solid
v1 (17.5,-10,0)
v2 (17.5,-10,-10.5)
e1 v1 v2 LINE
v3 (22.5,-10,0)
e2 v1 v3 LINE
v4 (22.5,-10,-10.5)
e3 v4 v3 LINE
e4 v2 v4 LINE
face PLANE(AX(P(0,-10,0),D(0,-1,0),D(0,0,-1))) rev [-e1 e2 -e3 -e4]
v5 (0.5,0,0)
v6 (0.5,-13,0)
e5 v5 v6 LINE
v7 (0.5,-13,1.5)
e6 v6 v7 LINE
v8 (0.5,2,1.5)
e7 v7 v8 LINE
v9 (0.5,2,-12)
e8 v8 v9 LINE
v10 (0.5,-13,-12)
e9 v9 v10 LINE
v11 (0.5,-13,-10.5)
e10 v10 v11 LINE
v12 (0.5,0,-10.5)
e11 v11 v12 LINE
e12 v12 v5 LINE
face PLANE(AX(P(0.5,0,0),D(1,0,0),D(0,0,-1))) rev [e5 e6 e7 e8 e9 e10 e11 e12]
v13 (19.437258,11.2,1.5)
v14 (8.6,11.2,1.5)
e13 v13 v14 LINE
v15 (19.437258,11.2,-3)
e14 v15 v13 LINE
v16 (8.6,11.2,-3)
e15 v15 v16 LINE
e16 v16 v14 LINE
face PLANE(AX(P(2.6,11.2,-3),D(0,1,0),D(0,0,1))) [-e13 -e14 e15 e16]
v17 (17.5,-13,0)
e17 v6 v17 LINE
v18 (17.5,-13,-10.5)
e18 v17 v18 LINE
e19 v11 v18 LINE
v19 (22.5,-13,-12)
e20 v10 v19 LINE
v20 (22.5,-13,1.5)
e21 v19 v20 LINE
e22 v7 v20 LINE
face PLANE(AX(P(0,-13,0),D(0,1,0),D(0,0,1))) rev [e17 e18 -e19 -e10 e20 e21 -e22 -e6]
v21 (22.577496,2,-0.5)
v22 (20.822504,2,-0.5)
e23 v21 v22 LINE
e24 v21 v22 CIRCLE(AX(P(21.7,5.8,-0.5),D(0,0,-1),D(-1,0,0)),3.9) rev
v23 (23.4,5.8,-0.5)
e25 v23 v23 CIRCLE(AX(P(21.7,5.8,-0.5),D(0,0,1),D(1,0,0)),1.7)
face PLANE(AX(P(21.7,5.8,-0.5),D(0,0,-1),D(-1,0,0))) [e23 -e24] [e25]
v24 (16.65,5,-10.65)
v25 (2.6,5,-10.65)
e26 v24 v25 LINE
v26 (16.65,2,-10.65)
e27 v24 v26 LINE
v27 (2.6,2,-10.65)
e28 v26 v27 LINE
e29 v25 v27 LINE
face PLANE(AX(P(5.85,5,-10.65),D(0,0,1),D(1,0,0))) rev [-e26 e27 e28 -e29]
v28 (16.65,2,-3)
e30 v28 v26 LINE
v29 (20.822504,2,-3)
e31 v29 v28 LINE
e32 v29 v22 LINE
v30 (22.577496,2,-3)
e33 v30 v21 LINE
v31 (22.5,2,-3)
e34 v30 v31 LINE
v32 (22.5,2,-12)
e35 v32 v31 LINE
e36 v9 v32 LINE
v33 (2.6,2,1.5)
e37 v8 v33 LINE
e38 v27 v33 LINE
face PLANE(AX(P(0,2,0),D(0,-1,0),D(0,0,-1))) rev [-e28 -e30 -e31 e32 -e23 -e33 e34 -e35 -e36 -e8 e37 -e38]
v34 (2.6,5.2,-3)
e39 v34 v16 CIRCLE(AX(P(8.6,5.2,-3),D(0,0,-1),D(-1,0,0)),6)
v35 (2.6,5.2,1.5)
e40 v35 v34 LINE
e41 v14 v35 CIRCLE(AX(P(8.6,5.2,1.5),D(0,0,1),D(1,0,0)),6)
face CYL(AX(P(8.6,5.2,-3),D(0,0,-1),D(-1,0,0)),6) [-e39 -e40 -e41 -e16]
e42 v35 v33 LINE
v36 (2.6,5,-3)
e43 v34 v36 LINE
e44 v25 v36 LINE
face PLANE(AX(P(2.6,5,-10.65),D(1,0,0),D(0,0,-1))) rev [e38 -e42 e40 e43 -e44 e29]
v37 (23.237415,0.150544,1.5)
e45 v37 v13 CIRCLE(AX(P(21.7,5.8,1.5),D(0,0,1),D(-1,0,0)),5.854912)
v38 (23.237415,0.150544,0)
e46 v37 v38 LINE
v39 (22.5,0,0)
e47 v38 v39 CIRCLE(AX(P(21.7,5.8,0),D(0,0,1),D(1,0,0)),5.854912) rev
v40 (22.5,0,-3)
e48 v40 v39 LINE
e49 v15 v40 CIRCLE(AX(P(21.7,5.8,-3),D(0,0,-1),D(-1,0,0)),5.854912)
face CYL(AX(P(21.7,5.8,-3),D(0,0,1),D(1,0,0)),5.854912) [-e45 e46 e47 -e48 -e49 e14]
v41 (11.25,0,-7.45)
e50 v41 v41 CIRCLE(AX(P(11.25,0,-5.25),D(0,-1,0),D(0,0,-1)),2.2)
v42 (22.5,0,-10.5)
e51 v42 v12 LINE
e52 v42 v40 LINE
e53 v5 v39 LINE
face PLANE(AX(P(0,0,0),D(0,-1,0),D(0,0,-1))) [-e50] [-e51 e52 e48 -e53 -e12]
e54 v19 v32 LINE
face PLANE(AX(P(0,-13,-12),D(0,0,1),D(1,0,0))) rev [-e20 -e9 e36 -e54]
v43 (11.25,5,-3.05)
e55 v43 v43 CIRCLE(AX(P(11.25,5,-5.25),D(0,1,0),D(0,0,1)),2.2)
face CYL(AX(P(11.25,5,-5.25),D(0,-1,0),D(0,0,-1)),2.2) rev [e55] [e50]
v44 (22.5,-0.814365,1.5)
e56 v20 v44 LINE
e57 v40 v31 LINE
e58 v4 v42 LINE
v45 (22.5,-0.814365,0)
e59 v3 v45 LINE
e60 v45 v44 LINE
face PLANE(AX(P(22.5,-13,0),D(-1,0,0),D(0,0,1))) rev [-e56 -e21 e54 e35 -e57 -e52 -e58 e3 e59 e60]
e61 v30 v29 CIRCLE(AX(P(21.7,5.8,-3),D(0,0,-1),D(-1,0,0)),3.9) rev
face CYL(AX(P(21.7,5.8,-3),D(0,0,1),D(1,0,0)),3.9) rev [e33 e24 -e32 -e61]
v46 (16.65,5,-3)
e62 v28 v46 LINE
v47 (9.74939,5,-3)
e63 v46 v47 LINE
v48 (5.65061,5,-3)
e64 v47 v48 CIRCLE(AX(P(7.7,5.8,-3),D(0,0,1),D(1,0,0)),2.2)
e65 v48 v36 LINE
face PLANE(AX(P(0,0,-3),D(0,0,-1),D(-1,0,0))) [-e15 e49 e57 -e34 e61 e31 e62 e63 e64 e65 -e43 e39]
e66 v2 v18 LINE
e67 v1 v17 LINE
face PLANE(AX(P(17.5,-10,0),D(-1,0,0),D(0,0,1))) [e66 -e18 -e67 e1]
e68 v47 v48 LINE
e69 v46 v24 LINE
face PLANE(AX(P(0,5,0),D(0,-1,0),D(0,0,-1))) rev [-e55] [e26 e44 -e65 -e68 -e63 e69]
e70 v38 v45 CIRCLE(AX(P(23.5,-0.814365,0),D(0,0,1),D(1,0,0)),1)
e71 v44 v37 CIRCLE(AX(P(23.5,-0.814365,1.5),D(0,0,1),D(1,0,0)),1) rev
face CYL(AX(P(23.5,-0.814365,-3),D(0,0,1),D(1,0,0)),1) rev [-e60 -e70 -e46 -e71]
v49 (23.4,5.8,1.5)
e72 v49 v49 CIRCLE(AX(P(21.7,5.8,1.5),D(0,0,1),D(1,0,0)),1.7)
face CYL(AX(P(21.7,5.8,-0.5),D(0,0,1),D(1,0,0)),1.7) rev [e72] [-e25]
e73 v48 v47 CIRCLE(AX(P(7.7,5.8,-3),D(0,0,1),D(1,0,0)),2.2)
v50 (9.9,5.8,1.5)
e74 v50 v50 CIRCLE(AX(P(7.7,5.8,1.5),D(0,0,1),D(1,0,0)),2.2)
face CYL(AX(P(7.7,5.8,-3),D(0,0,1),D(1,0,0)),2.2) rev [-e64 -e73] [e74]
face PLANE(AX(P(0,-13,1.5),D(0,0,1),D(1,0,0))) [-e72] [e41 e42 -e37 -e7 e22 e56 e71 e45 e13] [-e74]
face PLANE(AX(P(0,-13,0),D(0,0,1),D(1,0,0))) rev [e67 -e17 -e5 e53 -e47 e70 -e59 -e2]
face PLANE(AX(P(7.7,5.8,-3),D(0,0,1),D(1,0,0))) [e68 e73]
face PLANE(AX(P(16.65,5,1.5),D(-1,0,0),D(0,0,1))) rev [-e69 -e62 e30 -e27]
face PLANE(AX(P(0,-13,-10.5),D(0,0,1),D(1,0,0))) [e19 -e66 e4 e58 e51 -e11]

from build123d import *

# Parameters (mm, degrees)
SKETCH1_W            = 21.5
SKETCH1_H            = 10.5
BOSS_EXTRUDE1_DEPTH  = 2
BOSS_EXTRUDE3_DEPTH  = 15
BOSS_EXTRUDE7_REACH  = 30.623
SKETCH8_W            = 1
SKETCH8_H            = 2
BOSS_EXTRUDE5_DEPTH  = 3
SKETCH6_R            = 1.7
BOSS_EXTRUDE6_DEPTH  = 2
BOSS_EXTRUDE8_DEPTH  = 2.5
FILLET1_R            = 1
SKETCH12_W           = 1
SKETCH12_H           = 10.5
CUT_EXTRUDE1_DEPTH   = 13
CUT_EXTRUDE2_DEPTH   = 1.5
SKETCH15_R           = 2.2
BOSS_EXTRUDE9_DEPTH  = 3
SKETCH16_R           = 0.670189152
BOSS_EXTRUDE10_DEPTH = 4.5
SKETCH17_R           = 2.2
CUT_EXTRUDE3_DEPTH   = 4.5
CUT_EXTRUDE4_START   = -4.5
SKETCH18_R           = 2.2
CUT_EXTRUDE4_DEPTH   = 4.5
FILLET2_R            = 6


with BuildPart() as part:
    # Sketch1 → Boss-Extrude1 (new body)
    with BuildSketch(Plane(origin=(0, 0, 0), x_dir=(1, 0, 0), z_dir=(0, 1, 0))):
        with Locations((10.75, 5.25)):
            Rectangle(SKETCH1_W, SKETCH1_H)
    extrude(amount=BOSS_EXTRUDE1_DEPTH)

    # Sketch3 → Boss-Extrude3 (add)
    with BuildSketch(Plane(origin=(0, 2, 0), x_dir=(1, 0, 0), z_dir=(0, 1, 0))):
        Polygon((0, 10.5), (22.5, 10.5), (22.5, 12), (-1, 12), (-1, -1.5), (22.5, -1.5), (22.5, 0), (0, 0), align=None)
    extrude(amount=-BOSS_EXTRUDE3_DEPTH)

    # Sketch8 → Boss-Extrude7 (add, up to next)
    with BuildSketch(Plane(origin=(0, 0, 0), x_dir=(-1, 0, 0), z_dir=(0, 0, -1)), mode=Mode.PRIVATE) as boss_extrude7_sk1:
        with Locations((-22, 1)):
            Rectangle(SKETCH8_W, SKETCH8_H)
    boss_extrude7_tool1 = extrude(boss_extrude7_sk1.sketch, amount=BOSS_EXTRUDE7_REACH, mode=Mode.PRIVATE) - part.part
    add(boss_extrude7_tool1.solids().sort_by_distance((22, 1, 0))[0])

    # Sketch5 → Boss-Extrude5 (add)
    with BuildSketch(Plane.XZ.offset(13)):
        Polygon((17.5, 0), (17.5, -10.5), (22.5, -10.5), (22.5, 1.5), (17.5, 1.5), align=None)
    extrude(amount=-BOSS_EXTRUDE5_DEPTH)



with BuildPart() as body_2:
    # Sketch6 → Boss-Extrude6 (new body)
    with BuildSketch(Plane.XY.offset(1.5)):
        with BuildLine():
            Line((22.5, 0), (22.5, 2))
            Line((22.5, 2), (17.24578851, 2))
            ThreePointArc((17.24578851, 2), (23.78286231, 11.271899542), (22.5, 0))
        make_face()
        with Locations((21.7, 5.8)):
            Circle(SKETCH6_R, mode=Mode.SUBTRACT)
    extrude(amount=-BOSS_EXTRUDE6_DEPTH)


with BuildPart() as part_1:
    add(part.part)

    add(body_2.part)  # Boss-Extrude8 merges body 2
    # Sketch9 → Boss-Extrude8 (add)
    with BuildSketch(Plane(origin=(0, 0, -0.5), x_dir=(-1, 0, 0), z_dir=(0, 0, -1))):
        with BuildLine():
            Line((-22.5, 2), (-22.577496439, 2))
            ThreePointArc((-22.577496439, 2), (-21.7, 9.7), (-20.822503561, 2))
            Line((-20.822503561, 2), (-17.24578851, 2))
            ThreePointArc((-17.24578851, 2), (-23.78286231, 11.271899542), (-22.5, 0))
            Line((-22.5, 0), (-22.5, 2))
        make_face()
    extrude(amount=BOSS_EXTRUDE8_DEPTH)

    # Fillet1
    fillet1_edges = [part_1.edges().sort_by_distance(p)[0] for p in [
        (22.5, 0, 0.75),
        (17.24578851, 2, -0.75),
    ]]
    fillet(fillet1_edges, radius=FILLET1_R)

    # Sketch12 → Cut-Extrude1 (cut)
    with BuildSketch(Plane.XZ.offset(13)):
        with Locations((-0.5, -5.25)):
            Rectangle(SKETCH12_W, SKETCH12_H)
    extrude(amount=-CUT_EXTRUDE1_DEPTH, mode=Mode.SUBTRACT)

    # Sketch13 → Cut-Extrude2 (cut)
    with BuildSketch(Plane.ZY.offset(1)):
        Polygon((-12, -13), (-12, 2), (1.5, 2), (1.5, -13), (0, -13), (0, 0), (-10.5, 0), (-10.5, -13), align=None)
    extrude(amount=-CUT_EXTRUDE2_DEPTH, mode=Mode.SUBTRACT)

    # Sketch15 → Boss-Extrude9 (add)
    with BuildSketch(Plane(origin=(0, 2, 0), x_dir=(1, 0, 0), z_dir=(0, 1, 0))):
        Polygon((5.85, 10.65), (16.65, 10.65), (16.65, -0.15), (16.65, -1.5), (2.6, -1.5), (2.6, 10.65), align=None)
        with Locations(Location((11.25, 5.25, 0), (0, 0, 270))):
            Circle(SKETCH15_R, mode=Mode.SUBTRACT)
    extrude(amount=BOSS_EXTRUDE9_DEPTH)

    # Sketch16 → Boss-Extrude10 (add)
    with BuildSketch(Plane.XY.offset(1.5)):
        with BuildLine():
            Line((2.6, 5), (2.6, 11.2))
            Line((2.6, 11.2), (19.4372583, 11.2))
            ThreePointArc((19.4372583, 11.2), (16.614535328, 8.701387439), (15.9, 5))
            Line((15.9, 5), (2.6, 5))
        make_face()
        with Locations((7.7, 5.8)):
            Circle(SKETCH16_R, mode=Mode.SUBTRACT)
    extrude(amount=-BOSS_EXTRUDE10_DEPTH)

    # Sketch17 → Cut-Extrude3 (cut)
    with BuildSketch(Plane.XY.offset(1.5)):
        with Locations((7.7, 5.8)):
            Circle(SKETCH17_R)
    extrude(amount=-CUT_EXTRUDE3_DEPTH, mode=Mode.SUBTRACT)

    # Sketch18 → Cut-Extrude4 (cut)
    with BuildSketch(Plane(origin=(0, 2, 0), x_dir=(1, 0, 0), z_dir=(0, 1, 0)).offset(CUT_EXTRUDE4_START)):
        with Locations(Location((11.25, 5.25, 0), (0, 0, 90))):
            Circle(SKETCH18_R)
    extrude(amount=CUT_EXTRUDE4_DEPTH, mode=Mode.SUBTRACT)

    # Fillet2
    fillet2_edges = [part_1.edges().sort_by_distance(p)[0] for p in [
        (2.6, 11.2, -0.75),
    ]]
    fillet(fillet2_edges, radius=FILLET2_R)


solid = part_1.part
